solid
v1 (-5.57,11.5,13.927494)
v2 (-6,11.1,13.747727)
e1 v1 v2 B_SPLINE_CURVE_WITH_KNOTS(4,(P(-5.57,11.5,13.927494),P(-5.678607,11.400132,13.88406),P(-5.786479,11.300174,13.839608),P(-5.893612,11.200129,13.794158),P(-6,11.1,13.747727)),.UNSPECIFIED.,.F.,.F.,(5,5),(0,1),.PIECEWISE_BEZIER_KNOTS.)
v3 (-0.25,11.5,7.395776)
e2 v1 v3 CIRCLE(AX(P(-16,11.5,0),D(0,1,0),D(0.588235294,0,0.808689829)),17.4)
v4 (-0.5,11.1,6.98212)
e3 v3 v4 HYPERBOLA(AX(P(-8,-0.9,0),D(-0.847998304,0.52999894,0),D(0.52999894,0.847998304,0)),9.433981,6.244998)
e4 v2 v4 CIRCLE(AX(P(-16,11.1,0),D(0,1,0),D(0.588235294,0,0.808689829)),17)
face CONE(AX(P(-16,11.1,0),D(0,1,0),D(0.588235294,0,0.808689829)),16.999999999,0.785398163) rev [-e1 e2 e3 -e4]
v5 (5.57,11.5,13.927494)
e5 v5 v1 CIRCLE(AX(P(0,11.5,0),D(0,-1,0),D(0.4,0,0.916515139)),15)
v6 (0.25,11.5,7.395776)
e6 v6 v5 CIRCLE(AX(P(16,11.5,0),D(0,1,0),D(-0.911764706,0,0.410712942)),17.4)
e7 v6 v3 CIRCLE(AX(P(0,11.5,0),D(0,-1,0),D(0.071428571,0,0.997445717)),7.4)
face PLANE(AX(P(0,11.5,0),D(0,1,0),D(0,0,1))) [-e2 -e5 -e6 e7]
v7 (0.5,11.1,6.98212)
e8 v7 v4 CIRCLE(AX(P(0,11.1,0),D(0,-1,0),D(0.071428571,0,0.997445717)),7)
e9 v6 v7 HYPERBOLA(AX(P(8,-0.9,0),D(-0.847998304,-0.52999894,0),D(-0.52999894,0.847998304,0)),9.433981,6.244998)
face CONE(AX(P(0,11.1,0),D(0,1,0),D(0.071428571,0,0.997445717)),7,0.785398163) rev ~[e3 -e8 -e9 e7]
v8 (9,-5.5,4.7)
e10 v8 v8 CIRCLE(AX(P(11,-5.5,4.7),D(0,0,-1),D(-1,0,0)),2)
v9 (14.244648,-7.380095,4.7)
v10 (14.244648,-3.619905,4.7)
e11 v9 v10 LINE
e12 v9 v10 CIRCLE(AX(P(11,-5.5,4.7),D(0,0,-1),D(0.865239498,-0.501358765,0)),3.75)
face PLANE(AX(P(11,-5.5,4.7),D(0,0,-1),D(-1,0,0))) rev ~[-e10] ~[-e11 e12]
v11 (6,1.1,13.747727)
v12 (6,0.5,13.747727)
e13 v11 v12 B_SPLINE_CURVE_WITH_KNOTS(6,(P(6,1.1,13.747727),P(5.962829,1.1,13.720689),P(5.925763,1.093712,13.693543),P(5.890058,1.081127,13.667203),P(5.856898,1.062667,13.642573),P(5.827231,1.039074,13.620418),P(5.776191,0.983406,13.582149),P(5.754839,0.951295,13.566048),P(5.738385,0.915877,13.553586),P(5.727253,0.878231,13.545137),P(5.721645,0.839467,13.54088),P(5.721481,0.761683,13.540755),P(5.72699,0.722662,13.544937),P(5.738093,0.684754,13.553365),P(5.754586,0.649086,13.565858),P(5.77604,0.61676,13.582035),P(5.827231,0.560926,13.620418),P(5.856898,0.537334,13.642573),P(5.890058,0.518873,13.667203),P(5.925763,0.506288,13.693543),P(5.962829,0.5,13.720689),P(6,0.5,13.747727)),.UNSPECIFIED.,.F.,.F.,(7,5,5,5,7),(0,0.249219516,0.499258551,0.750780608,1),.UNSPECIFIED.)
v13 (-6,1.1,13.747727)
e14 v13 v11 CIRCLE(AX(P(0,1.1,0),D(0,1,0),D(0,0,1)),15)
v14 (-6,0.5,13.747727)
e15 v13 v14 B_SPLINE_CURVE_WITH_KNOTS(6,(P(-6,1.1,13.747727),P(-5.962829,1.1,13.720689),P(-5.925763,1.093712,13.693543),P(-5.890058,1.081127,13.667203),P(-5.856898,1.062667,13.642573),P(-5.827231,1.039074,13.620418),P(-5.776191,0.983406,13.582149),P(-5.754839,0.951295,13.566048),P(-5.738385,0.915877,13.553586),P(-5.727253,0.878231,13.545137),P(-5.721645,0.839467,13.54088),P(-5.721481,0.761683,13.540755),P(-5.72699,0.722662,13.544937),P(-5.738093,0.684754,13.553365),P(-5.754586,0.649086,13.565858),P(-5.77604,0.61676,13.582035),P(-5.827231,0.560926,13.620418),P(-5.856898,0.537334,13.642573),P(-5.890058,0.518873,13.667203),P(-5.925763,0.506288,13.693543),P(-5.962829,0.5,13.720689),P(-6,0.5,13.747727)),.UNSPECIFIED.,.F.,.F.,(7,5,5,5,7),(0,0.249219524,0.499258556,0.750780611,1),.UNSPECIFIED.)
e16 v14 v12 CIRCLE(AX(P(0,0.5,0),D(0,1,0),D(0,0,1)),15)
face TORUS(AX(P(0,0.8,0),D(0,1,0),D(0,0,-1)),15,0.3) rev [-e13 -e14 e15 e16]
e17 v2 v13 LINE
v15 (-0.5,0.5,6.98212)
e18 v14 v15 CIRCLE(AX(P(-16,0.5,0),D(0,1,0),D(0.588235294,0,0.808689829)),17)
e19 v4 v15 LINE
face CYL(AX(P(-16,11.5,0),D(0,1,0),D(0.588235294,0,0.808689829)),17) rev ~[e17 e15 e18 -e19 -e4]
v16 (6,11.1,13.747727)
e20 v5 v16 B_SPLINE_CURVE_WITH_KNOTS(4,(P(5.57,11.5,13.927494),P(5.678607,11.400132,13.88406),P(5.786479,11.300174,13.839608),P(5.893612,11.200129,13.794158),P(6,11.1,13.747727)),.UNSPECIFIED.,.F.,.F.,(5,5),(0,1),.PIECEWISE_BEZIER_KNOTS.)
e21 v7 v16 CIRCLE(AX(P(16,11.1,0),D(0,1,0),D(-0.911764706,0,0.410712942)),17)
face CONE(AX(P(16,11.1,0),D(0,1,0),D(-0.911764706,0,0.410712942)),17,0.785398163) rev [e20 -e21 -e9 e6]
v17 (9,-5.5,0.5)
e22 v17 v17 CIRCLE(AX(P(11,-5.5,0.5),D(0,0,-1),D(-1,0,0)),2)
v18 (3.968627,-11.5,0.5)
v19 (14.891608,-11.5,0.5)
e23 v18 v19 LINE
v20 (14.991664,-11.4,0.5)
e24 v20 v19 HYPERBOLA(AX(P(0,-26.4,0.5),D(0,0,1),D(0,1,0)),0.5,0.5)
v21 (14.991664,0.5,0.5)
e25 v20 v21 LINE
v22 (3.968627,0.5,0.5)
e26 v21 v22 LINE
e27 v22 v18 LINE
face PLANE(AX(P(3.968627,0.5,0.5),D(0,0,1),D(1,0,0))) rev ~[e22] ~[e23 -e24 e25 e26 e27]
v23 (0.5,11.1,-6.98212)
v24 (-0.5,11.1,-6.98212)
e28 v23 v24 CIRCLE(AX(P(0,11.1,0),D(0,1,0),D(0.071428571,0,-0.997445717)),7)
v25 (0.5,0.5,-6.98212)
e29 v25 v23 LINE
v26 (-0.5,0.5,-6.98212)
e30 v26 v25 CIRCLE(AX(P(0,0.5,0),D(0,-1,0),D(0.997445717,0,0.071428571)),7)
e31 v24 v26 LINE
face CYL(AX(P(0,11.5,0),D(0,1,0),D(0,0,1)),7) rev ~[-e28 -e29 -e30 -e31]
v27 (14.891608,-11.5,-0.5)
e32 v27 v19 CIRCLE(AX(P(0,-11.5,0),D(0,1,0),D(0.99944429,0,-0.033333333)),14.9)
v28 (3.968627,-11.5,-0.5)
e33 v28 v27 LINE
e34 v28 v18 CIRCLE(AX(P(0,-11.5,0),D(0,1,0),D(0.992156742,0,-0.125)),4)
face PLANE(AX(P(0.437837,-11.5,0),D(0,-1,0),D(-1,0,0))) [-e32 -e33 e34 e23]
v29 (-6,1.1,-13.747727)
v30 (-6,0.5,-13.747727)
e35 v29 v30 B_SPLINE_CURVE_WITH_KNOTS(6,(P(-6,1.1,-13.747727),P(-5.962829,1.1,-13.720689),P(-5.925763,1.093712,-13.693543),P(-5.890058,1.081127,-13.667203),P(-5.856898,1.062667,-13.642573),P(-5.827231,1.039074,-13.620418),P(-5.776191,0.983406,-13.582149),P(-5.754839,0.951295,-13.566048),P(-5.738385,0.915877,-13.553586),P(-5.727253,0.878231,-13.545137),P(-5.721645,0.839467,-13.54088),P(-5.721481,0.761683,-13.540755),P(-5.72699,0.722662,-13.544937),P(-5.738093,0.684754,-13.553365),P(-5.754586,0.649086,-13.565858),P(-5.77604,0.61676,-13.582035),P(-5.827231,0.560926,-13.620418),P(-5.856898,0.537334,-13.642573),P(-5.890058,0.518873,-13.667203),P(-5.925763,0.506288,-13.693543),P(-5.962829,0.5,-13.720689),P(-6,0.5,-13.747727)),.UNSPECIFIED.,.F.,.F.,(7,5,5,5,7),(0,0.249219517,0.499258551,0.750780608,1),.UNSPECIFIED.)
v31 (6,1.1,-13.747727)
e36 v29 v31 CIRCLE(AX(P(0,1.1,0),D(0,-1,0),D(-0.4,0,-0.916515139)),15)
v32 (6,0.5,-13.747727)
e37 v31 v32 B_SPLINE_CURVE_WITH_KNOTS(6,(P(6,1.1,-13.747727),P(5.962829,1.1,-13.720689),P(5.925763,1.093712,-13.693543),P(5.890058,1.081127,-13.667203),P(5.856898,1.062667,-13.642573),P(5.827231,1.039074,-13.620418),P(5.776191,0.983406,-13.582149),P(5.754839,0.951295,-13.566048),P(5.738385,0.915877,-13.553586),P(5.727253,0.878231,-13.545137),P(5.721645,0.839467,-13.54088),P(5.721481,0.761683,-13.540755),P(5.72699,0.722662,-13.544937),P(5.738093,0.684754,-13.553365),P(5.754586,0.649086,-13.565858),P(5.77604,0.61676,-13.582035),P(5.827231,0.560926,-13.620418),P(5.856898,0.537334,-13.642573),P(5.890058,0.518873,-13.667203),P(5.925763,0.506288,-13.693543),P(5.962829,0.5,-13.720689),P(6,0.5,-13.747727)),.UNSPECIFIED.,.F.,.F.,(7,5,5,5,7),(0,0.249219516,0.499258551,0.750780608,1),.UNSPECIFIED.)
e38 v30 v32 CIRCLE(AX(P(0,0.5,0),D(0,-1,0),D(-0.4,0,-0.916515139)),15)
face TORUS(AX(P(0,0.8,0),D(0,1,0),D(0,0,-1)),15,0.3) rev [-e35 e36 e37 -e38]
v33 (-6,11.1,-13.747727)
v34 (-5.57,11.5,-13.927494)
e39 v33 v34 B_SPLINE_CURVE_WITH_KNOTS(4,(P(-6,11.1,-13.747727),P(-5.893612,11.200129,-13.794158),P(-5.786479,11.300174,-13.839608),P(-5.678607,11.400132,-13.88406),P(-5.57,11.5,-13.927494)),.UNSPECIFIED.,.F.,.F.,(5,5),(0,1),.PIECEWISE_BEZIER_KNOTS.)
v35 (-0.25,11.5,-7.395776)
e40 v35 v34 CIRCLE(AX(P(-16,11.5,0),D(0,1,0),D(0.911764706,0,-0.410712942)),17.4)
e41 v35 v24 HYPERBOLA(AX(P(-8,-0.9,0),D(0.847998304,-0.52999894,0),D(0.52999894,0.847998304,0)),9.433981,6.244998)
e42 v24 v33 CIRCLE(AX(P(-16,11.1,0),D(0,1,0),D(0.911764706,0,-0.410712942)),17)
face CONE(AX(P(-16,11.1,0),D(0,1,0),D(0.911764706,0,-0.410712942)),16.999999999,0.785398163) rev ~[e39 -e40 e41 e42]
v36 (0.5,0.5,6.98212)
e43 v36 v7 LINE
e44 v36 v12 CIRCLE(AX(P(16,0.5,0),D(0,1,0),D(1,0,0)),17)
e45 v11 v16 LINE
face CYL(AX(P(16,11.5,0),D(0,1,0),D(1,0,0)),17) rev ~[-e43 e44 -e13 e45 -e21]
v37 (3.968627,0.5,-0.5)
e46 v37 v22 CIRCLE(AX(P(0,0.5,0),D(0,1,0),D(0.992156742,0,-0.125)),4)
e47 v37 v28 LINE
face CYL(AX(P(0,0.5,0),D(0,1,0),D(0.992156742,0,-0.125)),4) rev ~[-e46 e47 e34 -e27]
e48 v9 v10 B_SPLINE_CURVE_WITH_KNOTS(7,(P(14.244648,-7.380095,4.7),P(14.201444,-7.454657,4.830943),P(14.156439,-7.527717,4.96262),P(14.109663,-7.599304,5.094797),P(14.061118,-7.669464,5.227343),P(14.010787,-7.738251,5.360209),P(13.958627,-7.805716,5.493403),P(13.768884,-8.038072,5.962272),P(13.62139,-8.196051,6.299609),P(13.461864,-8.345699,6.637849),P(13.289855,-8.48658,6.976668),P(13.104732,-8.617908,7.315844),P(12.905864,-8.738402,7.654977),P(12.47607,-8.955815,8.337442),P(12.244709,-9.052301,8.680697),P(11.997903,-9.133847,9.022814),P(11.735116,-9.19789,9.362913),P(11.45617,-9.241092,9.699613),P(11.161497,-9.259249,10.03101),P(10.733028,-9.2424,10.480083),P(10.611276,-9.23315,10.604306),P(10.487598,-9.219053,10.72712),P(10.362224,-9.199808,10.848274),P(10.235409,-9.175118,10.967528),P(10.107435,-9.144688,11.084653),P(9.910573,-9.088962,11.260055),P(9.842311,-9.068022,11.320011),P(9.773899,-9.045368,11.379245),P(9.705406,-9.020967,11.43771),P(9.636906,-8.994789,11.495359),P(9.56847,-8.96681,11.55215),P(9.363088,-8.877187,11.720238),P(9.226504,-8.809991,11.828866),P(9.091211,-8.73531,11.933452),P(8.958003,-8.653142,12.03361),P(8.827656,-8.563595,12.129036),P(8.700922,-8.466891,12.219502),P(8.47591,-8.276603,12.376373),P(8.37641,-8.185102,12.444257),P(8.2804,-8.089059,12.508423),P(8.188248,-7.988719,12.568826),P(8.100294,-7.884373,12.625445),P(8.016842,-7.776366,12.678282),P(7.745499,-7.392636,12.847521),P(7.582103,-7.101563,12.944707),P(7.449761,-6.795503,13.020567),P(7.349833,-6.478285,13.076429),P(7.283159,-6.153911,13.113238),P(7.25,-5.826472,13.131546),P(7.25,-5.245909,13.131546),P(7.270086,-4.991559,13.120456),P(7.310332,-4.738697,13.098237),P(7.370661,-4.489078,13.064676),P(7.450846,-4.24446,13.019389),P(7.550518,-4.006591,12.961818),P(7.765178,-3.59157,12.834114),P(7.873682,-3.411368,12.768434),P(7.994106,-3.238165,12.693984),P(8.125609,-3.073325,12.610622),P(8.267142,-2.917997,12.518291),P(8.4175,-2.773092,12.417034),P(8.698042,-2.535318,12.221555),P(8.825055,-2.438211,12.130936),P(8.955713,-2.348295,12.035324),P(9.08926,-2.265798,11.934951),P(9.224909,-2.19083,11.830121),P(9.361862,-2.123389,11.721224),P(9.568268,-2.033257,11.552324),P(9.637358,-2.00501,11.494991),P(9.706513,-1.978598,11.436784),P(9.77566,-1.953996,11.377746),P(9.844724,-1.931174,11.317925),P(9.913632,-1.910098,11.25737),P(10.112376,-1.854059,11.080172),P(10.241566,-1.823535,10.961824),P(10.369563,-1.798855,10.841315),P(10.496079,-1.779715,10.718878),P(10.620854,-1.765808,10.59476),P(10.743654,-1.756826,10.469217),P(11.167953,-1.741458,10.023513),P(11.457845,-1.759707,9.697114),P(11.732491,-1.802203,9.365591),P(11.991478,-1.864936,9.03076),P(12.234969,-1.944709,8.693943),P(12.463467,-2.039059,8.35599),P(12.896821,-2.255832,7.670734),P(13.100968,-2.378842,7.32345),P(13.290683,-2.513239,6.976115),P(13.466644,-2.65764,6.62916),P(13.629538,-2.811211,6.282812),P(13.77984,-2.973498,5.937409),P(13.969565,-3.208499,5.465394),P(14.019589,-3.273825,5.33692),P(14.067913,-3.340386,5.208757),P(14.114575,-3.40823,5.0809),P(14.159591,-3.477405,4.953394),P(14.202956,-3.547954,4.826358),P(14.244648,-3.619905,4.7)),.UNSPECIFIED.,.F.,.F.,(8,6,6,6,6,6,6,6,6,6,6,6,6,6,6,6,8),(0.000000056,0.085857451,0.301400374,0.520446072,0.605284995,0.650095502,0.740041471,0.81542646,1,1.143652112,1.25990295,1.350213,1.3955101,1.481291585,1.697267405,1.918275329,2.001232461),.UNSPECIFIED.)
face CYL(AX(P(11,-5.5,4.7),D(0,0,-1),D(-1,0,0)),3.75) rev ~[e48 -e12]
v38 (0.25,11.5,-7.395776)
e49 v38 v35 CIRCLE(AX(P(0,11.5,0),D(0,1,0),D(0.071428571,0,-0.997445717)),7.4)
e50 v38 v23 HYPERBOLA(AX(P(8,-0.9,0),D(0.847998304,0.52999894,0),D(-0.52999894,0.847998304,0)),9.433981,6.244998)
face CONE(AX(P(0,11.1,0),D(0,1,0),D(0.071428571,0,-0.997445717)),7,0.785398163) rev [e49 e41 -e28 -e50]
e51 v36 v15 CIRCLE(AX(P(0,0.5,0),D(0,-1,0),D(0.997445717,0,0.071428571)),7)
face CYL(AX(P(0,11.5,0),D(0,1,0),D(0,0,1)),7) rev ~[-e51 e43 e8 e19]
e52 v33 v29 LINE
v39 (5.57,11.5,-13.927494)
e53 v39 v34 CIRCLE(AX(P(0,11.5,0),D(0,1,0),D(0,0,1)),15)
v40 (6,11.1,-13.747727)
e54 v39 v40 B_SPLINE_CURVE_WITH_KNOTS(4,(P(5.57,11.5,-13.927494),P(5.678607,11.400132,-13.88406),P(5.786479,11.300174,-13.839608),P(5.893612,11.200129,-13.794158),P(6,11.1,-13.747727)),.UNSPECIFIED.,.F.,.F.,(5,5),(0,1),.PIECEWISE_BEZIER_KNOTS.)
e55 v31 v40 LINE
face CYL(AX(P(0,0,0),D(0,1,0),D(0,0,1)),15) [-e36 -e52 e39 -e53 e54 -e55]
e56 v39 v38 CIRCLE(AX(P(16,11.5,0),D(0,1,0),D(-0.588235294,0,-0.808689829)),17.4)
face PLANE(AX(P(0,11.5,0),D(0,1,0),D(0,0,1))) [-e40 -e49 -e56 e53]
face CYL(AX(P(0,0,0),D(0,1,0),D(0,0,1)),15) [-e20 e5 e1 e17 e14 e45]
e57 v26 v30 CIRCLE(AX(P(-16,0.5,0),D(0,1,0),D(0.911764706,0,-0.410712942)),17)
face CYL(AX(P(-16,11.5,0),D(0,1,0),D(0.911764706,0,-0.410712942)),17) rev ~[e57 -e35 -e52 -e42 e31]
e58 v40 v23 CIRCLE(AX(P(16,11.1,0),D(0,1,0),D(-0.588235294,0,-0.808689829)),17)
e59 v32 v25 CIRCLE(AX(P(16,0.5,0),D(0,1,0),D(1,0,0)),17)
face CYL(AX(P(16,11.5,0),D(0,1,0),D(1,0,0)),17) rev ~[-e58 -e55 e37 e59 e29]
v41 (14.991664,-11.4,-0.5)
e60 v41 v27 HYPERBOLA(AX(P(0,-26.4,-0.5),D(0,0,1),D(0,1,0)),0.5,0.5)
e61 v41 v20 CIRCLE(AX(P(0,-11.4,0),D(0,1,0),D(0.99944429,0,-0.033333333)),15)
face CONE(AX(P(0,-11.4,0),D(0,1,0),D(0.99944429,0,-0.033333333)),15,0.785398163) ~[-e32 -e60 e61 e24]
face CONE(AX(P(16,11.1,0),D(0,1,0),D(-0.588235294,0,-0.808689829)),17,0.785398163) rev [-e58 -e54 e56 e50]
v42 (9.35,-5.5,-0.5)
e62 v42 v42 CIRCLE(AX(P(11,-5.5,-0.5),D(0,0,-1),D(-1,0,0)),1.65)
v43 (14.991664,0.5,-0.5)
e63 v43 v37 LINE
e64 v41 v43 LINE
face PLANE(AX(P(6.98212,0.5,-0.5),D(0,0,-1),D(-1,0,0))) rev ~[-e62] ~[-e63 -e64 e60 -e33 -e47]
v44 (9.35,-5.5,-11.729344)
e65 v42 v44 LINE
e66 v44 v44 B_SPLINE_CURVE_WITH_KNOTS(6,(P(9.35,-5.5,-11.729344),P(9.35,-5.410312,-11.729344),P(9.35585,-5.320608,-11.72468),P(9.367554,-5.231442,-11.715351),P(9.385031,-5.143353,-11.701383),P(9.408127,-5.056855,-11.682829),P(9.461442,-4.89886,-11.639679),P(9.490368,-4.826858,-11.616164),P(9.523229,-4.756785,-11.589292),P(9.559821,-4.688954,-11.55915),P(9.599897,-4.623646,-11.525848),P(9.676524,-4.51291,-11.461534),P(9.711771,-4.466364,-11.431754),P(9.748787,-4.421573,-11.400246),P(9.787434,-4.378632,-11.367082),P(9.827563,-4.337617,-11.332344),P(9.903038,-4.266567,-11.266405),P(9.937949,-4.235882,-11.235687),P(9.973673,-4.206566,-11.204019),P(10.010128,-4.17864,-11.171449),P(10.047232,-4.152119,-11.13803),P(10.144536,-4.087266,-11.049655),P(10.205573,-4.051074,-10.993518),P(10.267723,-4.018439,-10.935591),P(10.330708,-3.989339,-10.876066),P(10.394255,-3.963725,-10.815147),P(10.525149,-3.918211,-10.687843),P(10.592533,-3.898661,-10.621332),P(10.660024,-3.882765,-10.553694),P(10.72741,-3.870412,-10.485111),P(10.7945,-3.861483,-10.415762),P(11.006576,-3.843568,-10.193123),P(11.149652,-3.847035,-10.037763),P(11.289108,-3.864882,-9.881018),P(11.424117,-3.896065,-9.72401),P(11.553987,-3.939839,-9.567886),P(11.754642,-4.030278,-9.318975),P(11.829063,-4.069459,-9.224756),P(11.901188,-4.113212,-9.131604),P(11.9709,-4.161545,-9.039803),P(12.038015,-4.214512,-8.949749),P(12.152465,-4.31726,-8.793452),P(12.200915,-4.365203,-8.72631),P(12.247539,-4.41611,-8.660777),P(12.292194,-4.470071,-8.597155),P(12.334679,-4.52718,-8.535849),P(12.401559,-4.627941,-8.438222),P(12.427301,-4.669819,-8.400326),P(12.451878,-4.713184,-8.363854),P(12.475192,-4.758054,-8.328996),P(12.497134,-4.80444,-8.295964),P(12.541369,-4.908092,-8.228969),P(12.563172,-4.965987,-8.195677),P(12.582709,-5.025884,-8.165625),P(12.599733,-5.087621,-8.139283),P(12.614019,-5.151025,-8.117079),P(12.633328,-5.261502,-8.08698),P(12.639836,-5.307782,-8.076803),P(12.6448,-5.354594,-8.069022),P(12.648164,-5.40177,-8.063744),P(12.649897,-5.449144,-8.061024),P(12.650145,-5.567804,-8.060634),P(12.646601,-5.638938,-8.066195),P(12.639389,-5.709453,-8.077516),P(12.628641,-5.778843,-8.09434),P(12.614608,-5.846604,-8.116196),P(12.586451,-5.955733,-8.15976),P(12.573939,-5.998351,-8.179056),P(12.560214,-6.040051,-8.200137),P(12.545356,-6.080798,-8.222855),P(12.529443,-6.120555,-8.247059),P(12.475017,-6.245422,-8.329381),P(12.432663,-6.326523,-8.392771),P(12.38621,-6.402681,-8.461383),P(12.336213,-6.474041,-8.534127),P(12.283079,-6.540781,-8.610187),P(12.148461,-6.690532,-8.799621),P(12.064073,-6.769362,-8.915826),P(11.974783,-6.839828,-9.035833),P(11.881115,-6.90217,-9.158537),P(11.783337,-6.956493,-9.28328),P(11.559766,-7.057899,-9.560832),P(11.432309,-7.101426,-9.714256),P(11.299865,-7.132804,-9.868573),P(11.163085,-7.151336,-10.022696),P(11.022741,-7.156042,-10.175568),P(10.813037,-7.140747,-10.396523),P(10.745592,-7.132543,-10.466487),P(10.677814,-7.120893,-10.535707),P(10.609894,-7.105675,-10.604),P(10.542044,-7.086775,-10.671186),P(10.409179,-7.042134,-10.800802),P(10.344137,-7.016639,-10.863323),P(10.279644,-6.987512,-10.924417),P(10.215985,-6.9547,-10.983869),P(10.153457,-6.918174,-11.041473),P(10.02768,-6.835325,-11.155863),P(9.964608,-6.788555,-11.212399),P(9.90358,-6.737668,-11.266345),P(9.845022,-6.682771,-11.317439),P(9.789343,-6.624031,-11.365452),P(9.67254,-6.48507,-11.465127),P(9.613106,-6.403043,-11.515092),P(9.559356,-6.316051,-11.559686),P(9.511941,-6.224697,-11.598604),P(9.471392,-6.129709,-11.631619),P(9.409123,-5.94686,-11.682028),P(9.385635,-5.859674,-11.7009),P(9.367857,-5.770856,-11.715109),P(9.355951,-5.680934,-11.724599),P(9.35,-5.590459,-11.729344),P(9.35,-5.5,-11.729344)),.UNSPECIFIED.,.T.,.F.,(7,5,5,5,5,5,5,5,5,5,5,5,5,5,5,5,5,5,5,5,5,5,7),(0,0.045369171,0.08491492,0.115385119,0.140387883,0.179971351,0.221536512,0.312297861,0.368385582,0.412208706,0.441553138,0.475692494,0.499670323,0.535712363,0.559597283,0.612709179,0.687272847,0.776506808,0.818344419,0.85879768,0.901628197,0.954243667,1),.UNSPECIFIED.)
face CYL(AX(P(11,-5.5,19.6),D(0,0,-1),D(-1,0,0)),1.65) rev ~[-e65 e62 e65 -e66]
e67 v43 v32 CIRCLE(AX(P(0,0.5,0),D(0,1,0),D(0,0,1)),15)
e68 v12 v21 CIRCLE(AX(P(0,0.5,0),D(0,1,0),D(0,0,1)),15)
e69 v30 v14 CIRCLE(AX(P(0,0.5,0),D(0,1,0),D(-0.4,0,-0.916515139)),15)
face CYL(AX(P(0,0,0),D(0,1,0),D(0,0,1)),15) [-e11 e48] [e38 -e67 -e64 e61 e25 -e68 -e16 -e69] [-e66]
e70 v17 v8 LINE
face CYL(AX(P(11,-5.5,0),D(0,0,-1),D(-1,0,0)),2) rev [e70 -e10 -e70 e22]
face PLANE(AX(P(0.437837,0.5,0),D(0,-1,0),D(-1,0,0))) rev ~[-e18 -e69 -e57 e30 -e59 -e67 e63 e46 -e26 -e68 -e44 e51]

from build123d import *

# Parameters (mm, degrees)
SKETCH1_R                   = 15
BOSS_EXTRUDE1_DEPTH         = 11.5
SKETCH2_R                   = 7
CUT_EXTRUDE1_DEPTH          = 23
SKETCH3_R                   = 17
CUT_EXTRUDE2_DEPTH          = 11
CUT_EXTRUDE3_DEPTH          = 11
SKETCH5_W                   = 16.165630516
SKETCH5_H                   = 1
CUT_EXTRUDE4_DEPTH          = 21
SKETCH6_R                   = 2
CUT_EXTRUDE5_DEPTH          = 21
CUT_EXTRUDE6_START          = -4.2
SKETCH7_R                   = 3.75
CUT_EXTRUDE6_DEPTH          = 21
M4_TAPPED_HOLE1_D           = 3.3
M4_TAPPED_HOLE1_DEPTH       = 20.1
M4_TAPPED_HOLE1_TIP         = 0.991420021
CHAMFER1_SIZE               = 0.4
SKETCH10_R                  = 0.3
CHAMFER2_SIZE               = 0.1
Y_KSEKLIK_EKSTR_ZYON1_DEPTH = 12


with BuildPart() as part:
    # Sketch1 → Boss-Extrude1 (new, symmetric)
    with BuildSketch(Plane(origin=(0, 0, 0), x_dir=(1, 0, 0), z_dir=(0, 1, 0))):
        with Locations(Location((0, 0, 0), (0, 0, 270))):
            Circle(SKETCH1_R)
    extrude(amount=BOSS_EXTRUDE1_DEPTH, both=True)

    # Sketch2 → Cut-Extrude1 (cut)
    with BuildSketch(Plane(origin=(0, 11.5, 0), x_dir=(1, 0, 0), z_dir=(0, 1, 0))):
        with Locations(Location((0, 0, 0), (0, 0, 270))):
            Circle(SKETCH2_R)
    extrude(amount=-CUT_EXTRUDE1_DEPTH, mode=Mode.SUBTRACT)

    # Sketch3 → Cut-Extrude2 (cut)
    with BuildSketch(Plane(origin=(0, 11.5, 0), x_dir=(1, 0, 0), z_dir=(0, 1, 0))):
        with Locations((16, 0)):
            Circle(SKETCH3_R)
    extrude(amount=-CUT_EXTRUDE2_DEPTH, mode=Mode.SUBTRACT)

    # Sketch4 → Cut-Extrude3 (cut)
    with BuildSketch(Plane(origin=(0, 11.5, 0), x_dir=(1, 0, 0), z_dir=(0, 1, 0))):
        with BuildLine():
            ThreePointArc((-6, 13.747727085), (-15, 0), (-6, -13.747727085))
            ThreePointArc((-6, -13.747727085), (-2.808871931, -10.72353208), (-0.5, -6.982120022))
            ThreePointArc((-0.5, -6.982120022), (-7, 0), (-0.5, 6.982120022))
            ThreePointArc((-0.5, 6.982120022), (-2.808871931, 10.72353208), (-6, 13.747727085))
        make_face()
    extrude(amount=-CUT_EXTRUDE3_DEPTH, mode=Mode.SUBTRACT)

    # Sketch5 → Cut-Extrude4 (cut)
    with BuildSketch(Plane(origin=(0, 0.5, 0), x_dir=(1, 0, 0), z_dir=(0, 1, 0))):
        with Locations((11.807437966, 0)):
            Rectangle(SKETCH5_W, SKETCH5_H)
    extrude(amount=-CUT_EXTRUDE4_DEPTH, mode=Mode.SUBTRACT)

    # Sketch6 → Cut-Extrude5 (cut)
    with BuildSketch(Plane.XY):
        with Locations(Location((11, -5.5, 0), (0, 0, 180))):
            Circle(SKETCH6_R)
    extrude(amount=CUT_EXTRUDE5_DEPTH, mode=Mode.SUBTRACT)

    # Sketch7 → Cut-Extrude6 (cut)
    with BuildSketch(Plane(origin=(0, 0, 0.5), x_dir=(-1, 0, 0), z_dir=(0, 0, -1)).offset(CUT_EXTRUDE6_START)):
        with Locations((-11, -5.5)):
            Circle(SKETCH7_R)
    extrude(amount=-CUT_EXTRUDE6_DEPTH, mode=Mode.SUBTRACT)

    # M4 Tapped Hole1
    with Locations(Plane.XY.offset(-0.5)):
        with Locations((11, -5.5)):
            Hole(M4_TAPPED_HOLE1_D / 2, depth=M4_TAPPED_HOLE1_DEPTH)
            with Locations((0, 0, -(M4_TAPPED_HOLE1_DEPTH + M4_TAPPED_HOLE1_TIP / 2))):  # 118° drill point
                Cone(0, M4_TAPPED_HOLE1_D / 2, M4_TAPPED_HOLE1_TIP, mode=Mode.SUBTRACT)

    # Chamfer1
    chamfer1_edges = [part.edges().sort_by_distance(p)[0] for p in [
        (0, 11.5, -7),
        (2.808871931, 11.5, 10.72353208),
        (2.808871931, 11.5, -10.72353208),
        (0, 11.5, 7),
        (-2.808871931, 11.5, -10.72353208),
        (-2.808871931, 11.5, 10.72353208),
    ]]
    chamfer(chamfer1_edges, length=CHAMFER1_SIZE)

    # Sketch10 → Cut-Revolve1 (revolve, cut)
    with BuildSketch(Plane(origin=(0, 0, 0), x_dir=(0, 0, -1), z_dir=(1, 0, 0))):
        with Locations((15, 0.8)):
            Circle(SKETCH10_R)
    revolve(axis=Axis((0, 3.360414074, 0), (0, -1, 0)), mode=Mode.SUBTRACT)

    # Chamfer2
    chamfer2_edges = [part.edges().sort_by_distance(p)[0] for p in [
        (-15, -11.5, 0),
    ]]
    chamfer(chamfer2_edges, length=CHAMFER2_SIZE)

    # Çizim1 → Yükseklik-Ekstrüzyon1 (add)
    with BuildSketch(Plane(origin=(0, 0.5, 0), x_dir=(1, 0, 0), z_dir=(0, 1, 0))):
        with BuildLine():
            Line((6.982120022, 0.5), (3.968626967, 0.5))
            ThreePointArc((3.968626967, 0.5), (-4, 0), (3.968626967, -0.5))
            Line((3.968626967, -0.5), (6.982120022, -0.5))
            ThreePointArc((6.982120022, -0.5), (-7, 0), (6.982120022, 0.5))
        make_face()
    extrude(amount=-Y_KSEKLIK_EKSTR_ZYON1_DEPTH)


solid = part.part
